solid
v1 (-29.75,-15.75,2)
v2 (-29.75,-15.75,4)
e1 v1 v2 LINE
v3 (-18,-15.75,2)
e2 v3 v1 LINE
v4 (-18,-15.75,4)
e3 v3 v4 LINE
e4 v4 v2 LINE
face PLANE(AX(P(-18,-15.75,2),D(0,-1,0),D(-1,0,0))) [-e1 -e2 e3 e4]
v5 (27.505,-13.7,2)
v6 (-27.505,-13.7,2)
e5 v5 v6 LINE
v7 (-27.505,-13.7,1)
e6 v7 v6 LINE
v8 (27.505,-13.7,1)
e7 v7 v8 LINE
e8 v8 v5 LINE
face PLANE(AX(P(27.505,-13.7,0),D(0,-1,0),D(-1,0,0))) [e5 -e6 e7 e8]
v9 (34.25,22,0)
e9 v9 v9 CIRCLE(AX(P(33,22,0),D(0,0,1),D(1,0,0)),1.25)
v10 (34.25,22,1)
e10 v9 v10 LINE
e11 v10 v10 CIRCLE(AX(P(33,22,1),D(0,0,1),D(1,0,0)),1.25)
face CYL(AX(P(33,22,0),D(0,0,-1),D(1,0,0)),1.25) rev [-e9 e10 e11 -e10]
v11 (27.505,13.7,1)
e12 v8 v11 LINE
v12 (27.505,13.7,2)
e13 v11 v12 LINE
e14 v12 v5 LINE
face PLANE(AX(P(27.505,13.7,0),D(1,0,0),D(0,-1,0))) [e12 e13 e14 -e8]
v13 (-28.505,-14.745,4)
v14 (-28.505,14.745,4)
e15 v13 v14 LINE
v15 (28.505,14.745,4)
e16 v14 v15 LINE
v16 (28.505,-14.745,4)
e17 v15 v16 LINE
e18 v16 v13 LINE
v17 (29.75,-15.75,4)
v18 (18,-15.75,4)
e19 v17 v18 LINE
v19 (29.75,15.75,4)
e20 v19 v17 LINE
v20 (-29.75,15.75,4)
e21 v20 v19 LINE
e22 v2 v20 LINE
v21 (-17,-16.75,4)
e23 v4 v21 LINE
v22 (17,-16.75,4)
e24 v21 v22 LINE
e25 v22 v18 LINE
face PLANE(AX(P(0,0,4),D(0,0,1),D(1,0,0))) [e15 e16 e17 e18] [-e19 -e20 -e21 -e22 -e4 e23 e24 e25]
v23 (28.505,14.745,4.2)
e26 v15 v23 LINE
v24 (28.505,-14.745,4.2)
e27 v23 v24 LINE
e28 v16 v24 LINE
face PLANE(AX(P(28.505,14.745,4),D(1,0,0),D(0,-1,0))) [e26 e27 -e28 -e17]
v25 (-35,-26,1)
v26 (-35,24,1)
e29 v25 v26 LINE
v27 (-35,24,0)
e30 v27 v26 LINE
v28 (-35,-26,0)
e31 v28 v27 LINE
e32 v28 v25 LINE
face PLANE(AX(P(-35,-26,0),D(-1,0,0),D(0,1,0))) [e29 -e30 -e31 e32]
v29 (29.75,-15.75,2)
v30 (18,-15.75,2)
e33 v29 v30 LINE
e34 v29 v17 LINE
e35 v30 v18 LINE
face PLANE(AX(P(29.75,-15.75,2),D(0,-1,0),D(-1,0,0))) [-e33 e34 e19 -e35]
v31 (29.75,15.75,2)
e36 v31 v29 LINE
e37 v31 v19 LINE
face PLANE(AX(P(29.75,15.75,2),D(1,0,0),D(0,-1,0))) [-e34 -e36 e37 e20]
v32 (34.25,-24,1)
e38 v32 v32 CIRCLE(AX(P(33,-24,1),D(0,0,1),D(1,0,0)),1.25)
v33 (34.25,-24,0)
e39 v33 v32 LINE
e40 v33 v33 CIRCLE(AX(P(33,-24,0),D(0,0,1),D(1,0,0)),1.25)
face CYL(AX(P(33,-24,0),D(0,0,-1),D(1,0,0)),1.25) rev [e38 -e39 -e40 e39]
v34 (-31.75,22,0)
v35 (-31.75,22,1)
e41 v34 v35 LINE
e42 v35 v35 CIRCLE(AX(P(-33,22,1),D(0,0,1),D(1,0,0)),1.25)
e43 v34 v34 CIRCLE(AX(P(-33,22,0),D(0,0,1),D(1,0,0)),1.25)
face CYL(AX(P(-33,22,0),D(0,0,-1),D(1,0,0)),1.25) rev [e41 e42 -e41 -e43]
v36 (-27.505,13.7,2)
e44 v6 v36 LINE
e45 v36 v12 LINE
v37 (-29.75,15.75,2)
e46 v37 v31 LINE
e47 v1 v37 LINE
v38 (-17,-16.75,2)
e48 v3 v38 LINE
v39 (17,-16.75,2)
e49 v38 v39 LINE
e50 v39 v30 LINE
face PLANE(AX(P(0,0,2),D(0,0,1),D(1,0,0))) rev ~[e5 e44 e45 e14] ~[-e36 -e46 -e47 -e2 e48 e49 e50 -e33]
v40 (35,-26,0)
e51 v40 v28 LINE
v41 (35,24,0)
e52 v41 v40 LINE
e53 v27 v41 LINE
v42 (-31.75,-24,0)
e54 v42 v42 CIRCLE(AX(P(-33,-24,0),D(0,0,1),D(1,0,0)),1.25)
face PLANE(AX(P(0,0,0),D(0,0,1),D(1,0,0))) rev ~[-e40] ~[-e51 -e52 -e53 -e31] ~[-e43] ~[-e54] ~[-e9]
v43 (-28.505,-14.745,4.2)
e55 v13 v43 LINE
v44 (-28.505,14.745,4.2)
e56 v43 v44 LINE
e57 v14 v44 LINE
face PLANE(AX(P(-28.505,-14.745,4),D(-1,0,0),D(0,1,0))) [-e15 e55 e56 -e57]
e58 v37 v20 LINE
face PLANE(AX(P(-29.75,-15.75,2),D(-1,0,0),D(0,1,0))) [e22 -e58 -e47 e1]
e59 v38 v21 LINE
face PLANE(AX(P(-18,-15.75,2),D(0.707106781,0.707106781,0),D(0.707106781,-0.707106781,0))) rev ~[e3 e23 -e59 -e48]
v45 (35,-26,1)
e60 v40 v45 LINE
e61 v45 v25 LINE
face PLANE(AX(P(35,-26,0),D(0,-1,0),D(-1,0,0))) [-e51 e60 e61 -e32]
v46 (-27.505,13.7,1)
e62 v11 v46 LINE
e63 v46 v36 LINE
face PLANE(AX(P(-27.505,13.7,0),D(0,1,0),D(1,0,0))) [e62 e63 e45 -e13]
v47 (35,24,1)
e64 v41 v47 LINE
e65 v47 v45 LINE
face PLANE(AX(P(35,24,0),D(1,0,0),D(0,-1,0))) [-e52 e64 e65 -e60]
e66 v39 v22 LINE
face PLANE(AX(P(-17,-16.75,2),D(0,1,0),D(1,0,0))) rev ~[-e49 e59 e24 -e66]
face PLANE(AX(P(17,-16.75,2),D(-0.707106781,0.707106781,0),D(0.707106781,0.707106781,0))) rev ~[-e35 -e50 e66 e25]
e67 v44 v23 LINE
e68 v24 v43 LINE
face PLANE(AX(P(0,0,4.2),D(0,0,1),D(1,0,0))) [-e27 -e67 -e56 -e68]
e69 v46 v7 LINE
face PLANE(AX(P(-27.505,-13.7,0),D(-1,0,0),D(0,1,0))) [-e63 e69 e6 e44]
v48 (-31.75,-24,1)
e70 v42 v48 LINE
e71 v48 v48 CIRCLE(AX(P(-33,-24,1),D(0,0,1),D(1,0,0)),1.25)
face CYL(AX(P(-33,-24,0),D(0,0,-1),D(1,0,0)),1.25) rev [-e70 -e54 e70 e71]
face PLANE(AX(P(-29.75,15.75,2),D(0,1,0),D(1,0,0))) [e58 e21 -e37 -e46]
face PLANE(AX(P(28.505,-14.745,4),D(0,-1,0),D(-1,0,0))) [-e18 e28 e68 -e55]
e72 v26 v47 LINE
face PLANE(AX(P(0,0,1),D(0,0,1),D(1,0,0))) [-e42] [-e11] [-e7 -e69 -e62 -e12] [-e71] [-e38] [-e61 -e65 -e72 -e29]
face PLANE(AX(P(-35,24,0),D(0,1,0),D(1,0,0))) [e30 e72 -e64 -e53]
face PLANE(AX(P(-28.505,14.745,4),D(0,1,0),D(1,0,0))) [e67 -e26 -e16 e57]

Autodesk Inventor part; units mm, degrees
ref_plane "YZ Plane" through (0, 0, 0) normal (1, 0, 0) x (0, 1, 0)
ref_plane "XZ Plane" through (0, 0, 0) normal (0, 1, 0) x (-1, 0, 0)
ref_plane "XY Plane" through (0, 0, 0) normal (0, 0, 1) x (1, 0, 0)
sketch "Sketch1" plane through (0, 0, 0) normal (0, 0, 1) x (1, 0, 0)
  line L0 (-27.505, 13.7) -> (27.505, 13.7)
  line L1 (27.505, 13.7) -> (27.505, -13.7)
  line L2 (27.505, -13.7) -> (-27.505, -13.7)
  line L3 (-27.505, -13.7) -> (-27.505, 13.7)
  line L4 (-49, 0) -> (49, 0) construction
  line L5 (0, -36) -> (0, 34) construction
  line L6 (-28.505, 14.745) -> (28.505, 14.745)
  line L7 (28.505, 14.745) -> (28.505, -14.745)
  line L8 (28.505, -14.745) -> (-28.505, -14.745)
  line L9 (-28.505, -14.745) -> (-28.505, 14.745)
  line L10 (-29.75, 15.75) -> (29.75, 15.75)
  line L11 (29.75, 15.75) -> (29.75, -15.75)
  line L12 (-29.75, -15.75) -> (-29.75, 15.75)
  line L13 (-31, 17) -> (31, 17)
  line L14 (31, 17) -> (31, -22)
  line L15 (31, -22) -> (-31, -22)
  line L16 (-31, -22) -> (-31, 17)
  line L17 (-31, 17) -> (-29.75, 15.75) construction
  line L18 (-18, -15.75) -> (-17, -16.75)
  line L19 (-17, -16.75) -> (17, -16.75)
  line L20 (17, -16.75) -> (18, -15.75)
  line L21 (29.75, -15.75) -> (18, -15.75)
  line L22 (-18, -15.75) -> (-29.75, -15.75)
  line L23 (-35, 24) -> (35, 24)
  line L24 (35, 24) -> (35, -26)
  line L25 (35, -26) -> (-35, -26)
  line L26 (-35, -26) -> (-35, 24)
  line L27 (-35, -26) -> (-31, -22) construction
  circle A0 centre (-33, -24) radius 1.25
  circle A1 centre (-33, 22) radius 1.25
  circle A2 centre (33, -24) radius 1.25
  circle A3 centre (33, 22) radius 1.25
  point P0 (0, 0)
  dimension "d0" = 55.01
  dimension "d1" = 27.4
  dimension "d2" = 57.01
  dimension "d3" = 29.49
  dimension "d4" = 59.5
  dimension "d5" = 31.5
  dimension "d6" = 62
  dimension "d7" = 39
  dimension "d8" = 34
  dimension "d10" = 1
  dimension "d11" = 70
  dimension "d12" = 50
  dimension "d21" = 2
  dimension "d22" = 2.5
  dimension "d33" = 46
  dimension "d36" = 66
extrude "Extrusion1" add sketch "Sketch1" along normal blind 1 contours L0 L1 L2 L3 | L6 L7 L8 L9 | L10 L11 L21 L20 L19 L18 L22 L12 | L13 L14 L15 L16 | L23 L24 L25 L26
extrude "Extrusion2" add sketch "Sketch1" along normal blind 2 contours L0 L1 L2 L3
extrude "Extrusion3" add sketch "Sketch1" along normal blind 2 from surface at 2 contours L0 L1 L2 L3 | L6 L7 L8 L9 | L10 L11 L21 L20 L19 L18 L22 L12
extrude "Extrusion4" add sketch "Sketch1" along normal blind 0.2 from surface at 4 contours L0 L1 L2 L3 | L6 L7 L8 L9
equation "\"d33\" = d12 - 2 * d21"
equation "\"d36\" = d11 - 2 * d21"
properties part number "Adafruit 2.4 OLED display"
